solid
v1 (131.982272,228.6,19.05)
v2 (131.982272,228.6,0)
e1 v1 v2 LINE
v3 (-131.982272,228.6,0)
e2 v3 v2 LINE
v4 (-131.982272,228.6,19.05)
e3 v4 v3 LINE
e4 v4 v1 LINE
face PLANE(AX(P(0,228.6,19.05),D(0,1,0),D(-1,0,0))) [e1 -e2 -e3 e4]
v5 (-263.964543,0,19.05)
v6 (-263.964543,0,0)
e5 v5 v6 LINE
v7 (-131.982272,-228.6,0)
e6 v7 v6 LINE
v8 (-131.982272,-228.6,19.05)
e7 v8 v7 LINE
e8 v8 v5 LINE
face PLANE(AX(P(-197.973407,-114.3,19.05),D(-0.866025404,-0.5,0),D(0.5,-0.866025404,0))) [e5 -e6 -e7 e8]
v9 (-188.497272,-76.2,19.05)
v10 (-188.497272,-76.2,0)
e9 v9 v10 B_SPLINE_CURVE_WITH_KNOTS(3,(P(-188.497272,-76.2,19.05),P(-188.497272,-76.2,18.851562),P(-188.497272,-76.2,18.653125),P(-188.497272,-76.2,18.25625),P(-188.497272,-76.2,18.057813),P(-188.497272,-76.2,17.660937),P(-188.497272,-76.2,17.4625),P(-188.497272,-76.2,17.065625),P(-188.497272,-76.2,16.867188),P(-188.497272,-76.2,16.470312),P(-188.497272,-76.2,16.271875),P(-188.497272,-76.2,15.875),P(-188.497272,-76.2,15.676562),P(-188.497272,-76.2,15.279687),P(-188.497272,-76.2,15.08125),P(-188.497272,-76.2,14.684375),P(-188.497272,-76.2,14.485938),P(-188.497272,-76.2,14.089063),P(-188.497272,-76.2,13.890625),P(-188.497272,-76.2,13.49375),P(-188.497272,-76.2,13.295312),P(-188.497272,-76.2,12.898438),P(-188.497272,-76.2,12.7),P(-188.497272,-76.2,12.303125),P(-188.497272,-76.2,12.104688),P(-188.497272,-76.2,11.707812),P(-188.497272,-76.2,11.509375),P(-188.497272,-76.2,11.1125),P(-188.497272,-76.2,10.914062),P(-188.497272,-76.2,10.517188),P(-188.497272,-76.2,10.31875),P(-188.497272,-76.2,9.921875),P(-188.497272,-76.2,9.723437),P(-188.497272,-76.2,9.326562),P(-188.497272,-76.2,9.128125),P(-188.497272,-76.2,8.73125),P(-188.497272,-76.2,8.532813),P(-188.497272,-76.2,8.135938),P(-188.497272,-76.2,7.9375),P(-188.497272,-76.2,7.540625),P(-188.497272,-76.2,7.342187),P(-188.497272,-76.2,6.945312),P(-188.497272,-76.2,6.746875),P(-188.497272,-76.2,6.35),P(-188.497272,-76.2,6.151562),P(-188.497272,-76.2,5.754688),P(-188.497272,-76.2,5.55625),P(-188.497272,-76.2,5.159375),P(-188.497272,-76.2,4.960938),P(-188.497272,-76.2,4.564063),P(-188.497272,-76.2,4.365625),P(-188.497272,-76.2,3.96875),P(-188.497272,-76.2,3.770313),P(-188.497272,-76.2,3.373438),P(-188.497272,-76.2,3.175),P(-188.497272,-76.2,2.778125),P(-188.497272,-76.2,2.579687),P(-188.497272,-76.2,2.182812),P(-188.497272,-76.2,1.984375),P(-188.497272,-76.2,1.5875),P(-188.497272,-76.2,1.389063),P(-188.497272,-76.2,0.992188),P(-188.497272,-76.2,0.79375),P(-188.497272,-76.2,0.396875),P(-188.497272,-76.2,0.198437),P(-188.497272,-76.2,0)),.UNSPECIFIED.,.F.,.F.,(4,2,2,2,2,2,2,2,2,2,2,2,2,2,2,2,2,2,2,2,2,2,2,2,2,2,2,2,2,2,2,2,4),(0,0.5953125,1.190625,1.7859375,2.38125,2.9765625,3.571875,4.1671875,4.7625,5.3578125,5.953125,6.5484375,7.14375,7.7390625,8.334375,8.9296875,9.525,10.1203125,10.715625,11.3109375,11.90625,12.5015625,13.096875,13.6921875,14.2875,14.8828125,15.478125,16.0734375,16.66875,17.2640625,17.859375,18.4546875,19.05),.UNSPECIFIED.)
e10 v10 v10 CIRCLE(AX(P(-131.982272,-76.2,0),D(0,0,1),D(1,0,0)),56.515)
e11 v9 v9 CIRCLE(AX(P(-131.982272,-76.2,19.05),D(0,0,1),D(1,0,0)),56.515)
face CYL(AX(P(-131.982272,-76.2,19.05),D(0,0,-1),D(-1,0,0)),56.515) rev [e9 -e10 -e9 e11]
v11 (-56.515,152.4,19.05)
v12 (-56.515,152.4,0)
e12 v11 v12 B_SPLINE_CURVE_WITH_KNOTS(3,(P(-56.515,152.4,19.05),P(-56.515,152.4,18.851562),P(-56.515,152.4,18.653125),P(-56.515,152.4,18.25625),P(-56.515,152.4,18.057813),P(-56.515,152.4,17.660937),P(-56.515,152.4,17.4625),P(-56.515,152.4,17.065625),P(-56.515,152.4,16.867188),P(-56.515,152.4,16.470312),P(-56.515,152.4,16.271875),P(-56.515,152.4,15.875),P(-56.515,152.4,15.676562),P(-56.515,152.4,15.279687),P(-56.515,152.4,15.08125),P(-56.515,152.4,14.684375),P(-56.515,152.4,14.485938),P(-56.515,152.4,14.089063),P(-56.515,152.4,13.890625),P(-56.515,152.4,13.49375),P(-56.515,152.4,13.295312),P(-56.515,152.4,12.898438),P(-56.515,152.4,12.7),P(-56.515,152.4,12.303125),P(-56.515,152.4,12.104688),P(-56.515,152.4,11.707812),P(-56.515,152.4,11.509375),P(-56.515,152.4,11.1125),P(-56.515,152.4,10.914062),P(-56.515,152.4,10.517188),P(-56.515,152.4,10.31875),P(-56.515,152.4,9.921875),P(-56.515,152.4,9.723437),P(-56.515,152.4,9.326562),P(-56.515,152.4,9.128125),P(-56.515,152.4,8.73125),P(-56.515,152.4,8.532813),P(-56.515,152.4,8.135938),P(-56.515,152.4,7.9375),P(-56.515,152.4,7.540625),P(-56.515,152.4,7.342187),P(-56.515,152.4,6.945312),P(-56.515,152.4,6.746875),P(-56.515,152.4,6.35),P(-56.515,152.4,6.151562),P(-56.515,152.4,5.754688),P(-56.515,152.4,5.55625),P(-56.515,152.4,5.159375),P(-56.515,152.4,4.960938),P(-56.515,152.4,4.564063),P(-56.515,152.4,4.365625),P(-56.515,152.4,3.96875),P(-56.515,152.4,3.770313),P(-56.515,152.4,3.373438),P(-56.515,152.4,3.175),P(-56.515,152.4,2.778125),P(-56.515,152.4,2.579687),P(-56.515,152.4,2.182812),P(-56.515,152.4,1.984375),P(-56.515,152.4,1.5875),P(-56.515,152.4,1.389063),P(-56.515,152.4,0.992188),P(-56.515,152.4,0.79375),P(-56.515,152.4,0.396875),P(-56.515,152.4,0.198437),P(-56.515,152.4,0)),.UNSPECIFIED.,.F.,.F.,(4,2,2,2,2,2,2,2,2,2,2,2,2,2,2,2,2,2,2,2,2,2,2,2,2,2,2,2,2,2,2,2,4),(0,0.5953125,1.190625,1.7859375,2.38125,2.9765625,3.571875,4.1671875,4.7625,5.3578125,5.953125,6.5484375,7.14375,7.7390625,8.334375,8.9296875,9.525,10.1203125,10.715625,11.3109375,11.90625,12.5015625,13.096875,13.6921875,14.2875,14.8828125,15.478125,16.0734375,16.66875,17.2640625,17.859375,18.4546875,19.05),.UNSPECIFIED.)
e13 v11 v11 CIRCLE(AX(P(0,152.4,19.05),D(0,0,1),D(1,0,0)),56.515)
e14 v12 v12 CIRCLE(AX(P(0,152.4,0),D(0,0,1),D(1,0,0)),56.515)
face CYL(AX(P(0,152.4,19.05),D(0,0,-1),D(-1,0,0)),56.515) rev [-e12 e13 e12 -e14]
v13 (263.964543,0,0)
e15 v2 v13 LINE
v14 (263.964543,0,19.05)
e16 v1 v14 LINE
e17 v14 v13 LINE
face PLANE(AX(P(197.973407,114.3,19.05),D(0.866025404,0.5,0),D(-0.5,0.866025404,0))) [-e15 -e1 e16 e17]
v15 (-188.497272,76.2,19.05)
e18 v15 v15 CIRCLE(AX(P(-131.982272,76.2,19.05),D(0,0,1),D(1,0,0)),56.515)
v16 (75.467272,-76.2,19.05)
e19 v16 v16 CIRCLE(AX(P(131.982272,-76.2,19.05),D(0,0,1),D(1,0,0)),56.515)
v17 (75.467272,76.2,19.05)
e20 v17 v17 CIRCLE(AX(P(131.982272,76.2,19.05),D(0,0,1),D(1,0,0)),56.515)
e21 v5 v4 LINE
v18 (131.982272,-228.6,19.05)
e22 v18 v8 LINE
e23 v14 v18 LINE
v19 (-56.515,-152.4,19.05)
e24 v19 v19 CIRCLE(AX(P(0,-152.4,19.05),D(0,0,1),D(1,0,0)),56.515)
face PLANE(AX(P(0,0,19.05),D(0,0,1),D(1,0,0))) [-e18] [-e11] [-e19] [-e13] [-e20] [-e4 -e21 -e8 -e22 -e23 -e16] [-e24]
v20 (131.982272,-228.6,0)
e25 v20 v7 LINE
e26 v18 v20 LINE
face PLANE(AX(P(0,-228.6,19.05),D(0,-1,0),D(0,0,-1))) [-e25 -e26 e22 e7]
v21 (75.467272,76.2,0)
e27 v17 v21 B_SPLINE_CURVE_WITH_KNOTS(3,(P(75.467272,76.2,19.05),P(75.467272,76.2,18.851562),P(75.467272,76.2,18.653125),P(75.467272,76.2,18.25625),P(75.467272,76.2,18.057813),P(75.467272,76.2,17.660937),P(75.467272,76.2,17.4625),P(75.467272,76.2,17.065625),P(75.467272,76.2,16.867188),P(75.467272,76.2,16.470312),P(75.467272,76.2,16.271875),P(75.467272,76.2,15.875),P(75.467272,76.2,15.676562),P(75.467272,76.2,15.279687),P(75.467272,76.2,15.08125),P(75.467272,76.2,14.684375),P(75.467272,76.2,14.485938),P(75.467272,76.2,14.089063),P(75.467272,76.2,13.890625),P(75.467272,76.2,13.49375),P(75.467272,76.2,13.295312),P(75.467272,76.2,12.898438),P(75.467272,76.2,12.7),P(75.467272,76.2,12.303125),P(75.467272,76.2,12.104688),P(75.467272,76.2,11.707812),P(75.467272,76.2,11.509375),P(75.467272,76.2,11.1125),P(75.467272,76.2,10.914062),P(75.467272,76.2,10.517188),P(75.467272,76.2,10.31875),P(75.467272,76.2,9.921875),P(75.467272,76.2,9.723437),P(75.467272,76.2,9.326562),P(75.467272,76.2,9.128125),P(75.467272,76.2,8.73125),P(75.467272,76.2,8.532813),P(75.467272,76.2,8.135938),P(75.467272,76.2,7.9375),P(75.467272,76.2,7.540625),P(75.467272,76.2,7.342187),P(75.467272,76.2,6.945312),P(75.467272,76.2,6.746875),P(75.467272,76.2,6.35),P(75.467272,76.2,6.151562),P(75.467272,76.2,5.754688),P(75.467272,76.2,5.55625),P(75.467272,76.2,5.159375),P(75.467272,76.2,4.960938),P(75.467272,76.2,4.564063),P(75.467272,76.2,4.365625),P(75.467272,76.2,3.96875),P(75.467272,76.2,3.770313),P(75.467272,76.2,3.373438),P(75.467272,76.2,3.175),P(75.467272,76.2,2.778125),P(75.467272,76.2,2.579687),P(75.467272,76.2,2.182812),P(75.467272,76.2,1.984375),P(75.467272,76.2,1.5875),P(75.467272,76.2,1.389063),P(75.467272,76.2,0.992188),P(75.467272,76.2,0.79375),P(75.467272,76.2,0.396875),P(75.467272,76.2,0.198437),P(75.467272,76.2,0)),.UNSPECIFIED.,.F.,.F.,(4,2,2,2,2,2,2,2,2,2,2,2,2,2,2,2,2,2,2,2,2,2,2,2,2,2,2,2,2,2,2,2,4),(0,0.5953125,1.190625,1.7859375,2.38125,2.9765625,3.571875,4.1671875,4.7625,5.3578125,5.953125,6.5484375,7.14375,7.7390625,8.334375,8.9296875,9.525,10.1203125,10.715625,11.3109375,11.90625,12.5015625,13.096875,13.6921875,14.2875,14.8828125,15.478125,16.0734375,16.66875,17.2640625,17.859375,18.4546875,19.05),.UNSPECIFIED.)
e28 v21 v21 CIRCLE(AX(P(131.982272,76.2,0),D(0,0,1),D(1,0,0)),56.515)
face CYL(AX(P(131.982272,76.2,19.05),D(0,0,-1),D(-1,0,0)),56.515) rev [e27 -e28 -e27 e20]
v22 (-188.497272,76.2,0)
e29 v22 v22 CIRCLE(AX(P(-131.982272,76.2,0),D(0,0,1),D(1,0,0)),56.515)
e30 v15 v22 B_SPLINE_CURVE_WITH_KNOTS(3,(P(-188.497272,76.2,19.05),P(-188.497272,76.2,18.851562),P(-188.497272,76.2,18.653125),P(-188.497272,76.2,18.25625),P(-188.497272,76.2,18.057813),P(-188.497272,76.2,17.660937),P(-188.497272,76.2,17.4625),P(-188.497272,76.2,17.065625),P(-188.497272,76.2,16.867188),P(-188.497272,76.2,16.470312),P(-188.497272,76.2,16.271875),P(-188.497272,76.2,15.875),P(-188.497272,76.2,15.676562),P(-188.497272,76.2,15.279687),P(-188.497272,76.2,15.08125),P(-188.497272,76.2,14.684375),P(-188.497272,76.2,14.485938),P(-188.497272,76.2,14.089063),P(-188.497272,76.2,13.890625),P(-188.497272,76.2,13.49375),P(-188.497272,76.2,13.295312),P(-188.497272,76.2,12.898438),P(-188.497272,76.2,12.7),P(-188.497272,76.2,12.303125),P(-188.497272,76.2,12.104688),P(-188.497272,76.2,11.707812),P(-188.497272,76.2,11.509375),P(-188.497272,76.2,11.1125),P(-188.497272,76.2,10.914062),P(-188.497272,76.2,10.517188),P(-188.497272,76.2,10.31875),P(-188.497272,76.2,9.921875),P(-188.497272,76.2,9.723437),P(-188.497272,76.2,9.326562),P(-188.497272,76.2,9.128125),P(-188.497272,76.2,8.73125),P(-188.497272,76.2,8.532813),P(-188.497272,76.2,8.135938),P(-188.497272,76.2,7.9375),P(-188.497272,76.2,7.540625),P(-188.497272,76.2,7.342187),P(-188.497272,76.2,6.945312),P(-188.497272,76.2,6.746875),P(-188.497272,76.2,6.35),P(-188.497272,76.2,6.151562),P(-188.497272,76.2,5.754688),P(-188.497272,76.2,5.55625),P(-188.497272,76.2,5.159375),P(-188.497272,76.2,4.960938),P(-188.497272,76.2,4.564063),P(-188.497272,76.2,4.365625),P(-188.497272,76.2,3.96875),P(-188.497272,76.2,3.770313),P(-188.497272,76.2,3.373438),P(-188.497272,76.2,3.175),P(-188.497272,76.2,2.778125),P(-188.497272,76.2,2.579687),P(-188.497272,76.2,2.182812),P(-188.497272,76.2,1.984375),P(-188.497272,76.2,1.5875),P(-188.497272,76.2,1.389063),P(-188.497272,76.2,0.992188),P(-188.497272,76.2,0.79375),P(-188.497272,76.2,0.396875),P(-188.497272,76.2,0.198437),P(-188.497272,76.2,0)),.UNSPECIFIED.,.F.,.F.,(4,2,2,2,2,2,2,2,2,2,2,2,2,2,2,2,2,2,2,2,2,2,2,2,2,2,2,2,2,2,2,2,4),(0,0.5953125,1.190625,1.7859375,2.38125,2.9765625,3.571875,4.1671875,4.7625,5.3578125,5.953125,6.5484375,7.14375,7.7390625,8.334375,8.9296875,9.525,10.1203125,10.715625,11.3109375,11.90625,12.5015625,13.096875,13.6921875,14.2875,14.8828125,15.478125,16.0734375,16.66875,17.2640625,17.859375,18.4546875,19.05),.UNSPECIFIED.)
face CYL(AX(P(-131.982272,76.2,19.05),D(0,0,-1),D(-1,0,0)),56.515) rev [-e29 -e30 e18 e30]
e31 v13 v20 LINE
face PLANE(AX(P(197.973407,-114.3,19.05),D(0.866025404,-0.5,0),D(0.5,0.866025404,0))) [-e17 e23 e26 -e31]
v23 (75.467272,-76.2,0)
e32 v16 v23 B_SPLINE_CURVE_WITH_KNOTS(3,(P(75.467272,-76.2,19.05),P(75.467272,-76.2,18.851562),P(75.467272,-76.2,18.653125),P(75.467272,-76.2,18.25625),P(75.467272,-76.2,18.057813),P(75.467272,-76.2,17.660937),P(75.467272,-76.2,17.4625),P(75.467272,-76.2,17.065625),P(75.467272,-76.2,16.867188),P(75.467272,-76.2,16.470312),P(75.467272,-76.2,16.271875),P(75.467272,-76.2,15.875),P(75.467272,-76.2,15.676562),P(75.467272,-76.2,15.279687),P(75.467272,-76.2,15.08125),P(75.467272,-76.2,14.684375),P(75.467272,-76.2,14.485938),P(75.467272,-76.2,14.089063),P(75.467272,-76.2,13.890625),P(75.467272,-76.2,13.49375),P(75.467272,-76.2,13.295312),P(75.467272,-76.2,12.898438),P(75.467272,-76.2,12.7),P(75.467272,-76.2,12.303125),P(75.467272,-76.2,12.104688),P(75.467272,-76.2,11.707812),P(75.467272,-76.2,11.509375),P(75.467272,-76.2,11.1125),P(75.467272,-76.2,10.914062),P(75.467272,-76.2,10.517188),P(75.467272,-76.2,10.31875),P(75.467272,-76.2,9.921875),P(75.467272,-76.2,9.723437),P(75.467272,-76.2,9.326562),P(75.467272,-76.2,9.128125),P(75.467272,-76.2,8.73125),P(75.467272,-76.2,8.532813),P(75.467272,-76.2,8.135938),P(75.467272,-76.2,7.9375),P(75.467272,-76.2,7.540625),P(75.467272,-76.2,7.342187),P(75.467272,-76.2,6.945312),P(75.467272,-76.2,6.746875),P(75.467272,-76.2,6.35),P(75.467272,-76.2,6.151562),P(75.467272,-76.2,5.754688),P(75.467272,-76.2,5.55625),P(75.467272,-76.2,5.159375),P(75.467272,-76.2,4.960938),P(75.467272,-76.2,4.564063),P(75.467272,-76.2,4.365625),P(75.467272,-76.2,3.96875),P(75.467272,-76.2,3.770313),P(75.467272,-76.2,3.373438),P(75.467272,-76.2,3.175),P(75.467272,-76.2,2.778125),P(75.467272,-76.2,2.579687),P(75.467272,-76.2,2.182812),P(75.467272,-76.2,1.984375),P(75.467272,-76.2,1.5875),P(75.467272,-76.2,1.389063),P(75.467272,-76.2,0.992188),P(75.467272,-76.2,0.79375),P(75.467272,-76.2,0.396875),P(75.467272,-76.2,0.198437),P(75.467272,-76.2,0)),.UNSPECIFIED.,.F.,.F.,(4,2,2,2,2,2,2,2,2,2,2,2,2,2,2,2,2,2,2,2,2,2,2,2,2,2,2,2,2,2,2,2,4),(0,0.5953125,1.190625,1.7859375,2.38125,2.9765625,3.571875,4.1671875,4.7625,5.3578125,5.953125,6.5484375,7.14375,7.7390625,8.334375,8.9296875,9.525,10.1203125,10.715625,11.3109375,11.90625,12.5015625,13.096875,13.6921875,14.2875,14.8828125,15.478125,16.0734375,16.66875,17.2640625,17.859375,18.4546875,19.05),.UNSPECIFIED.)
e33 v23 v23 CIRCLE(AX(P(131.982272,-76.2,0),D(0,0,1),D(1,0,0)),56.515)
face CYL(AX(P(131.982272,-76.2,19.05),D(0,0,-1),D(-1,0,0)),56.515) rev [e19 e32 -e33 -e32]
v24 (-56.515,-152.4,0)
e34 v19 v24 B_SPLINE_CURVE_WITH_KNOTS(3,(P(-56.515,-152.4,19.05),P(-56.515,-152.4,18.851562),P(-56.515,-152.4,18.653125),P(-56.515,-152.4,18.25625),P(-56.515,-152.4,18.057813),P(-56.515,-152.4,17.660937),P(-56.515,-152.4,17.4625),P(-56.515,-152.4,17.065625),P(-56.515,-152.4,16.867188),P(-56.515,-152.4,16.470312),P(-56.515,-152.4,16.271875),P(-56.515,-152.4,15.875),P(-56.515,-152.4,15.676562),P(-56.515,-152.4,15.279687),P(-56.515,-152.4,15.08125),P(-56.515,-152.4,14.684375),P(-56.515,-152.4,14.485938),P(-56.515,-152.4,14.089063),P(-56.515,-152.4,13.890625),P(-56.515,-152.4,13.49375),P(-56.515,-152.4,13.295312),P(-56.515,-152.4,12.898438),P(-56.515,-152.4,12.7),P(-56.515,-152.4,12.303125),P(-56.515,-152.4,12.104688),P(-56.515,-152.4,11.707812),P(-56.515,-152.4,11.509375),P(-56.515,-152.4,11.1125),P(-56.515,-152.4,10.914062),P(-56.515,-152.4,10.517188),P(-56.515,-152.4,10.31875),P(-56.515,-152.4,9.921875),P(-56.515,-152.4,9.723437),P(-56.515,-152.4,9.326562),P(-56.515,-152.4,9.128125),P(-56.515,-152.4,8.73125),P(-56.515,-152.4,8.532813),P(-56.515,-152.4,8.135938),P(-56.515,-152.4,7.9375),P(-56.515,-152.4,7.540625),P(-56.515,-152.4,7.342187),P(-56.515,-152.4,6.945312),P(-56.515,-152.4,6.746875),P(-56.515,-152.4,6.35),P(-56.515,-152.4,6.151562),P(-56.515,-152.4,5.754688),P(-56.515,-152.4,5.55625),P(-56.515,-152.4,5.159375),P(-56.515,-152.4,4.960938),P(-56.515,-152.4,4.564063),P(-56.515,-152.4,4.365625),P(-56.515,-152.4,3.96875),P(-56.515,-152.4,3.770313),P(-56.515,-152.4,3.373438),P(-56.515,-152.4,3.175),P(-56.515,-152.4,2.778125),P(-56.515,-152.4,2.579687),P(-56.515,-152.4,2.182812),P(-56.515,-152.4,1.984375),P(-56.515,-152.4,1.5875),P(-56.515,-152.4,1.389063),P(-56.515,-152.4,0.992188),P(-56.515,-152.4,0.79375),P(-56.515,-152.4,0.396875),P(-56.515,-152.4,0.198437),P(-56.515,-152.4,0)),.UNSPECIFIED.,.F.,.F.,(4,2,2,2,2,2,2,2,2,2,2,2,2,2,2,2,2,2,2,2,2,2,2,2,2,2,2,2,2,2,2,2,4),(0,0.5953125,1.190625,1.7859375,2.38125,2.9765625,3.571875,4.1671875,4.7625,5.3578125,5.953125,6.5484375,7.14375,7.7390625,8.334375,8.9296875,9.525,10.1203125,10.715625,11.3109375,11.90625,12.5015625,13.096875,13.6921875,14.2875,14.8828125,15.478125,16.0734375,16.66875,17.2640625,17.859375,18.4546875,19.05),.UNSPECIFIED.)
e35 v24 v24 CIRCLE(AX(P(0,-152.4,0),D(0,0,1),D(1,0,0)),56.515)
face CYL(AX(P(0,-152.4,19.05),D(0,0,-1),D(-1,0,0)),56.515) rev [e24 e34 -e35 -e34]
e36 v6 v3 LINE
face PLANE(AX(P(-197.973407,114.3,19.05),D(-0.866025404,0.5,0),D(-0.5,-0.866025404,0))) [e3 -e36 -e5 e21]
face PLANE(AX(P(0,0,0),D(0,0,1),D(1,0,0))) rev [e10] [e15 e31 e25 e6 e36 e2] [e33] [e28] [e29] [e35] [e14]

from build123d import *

# Parameters (mm, degrees)
SKETCH1_R           = 56.515
BOSS_EXTRUDE1_DEPTH = 19.05


with BuildPart() as part:
    # Sketch1 → Boss-Extrude1 (new body)
    # profile 1 of 6: a face of its own
    with BuildSketch(Plane.XY):
        Polygon((-263.964543073, 0), (-131.982271537, 228.6), (0, 0), align=None)
        with Locations(Location((-131.982271537, 76.2, 0), (0, 0, 180))):
            Circle(SKETCH1_R, mode=Mode.SUBTRACT)
    # profile 2 of 6: a face of its own
    with BuildSketch(Plane.XY):
        Polygon((131.982271537, 228.6), (0, 0), (-131.982271537, 228.6), align=None)
        with Locations(Location((0, 152.4, 0), (0, 0, 180))):
            Circle(SKETCH1_R, mode=Mode.SUBTRACT)
    # profile 3 of 6: a face of its own
    with BuildSketch(Plane.XY):
        Polygon((263.964543073, 0), (0, 0), (131.982271537, 228.6), align=None)
        with Locations(Location((131.982271537, 76.2, 0), (0, 0, 180))):
            Circle(SKETCH1_R, mode=Mode.SUBTRACT)
    # profile 4 of 6: a face of its own
    with BuildSketch(Plane.XY):
        Polygon((131.982271537, -228.6), (0, 0), (263.964543073, 0), align=None)
        with Locations(Location((131.982271537, -76.2, 0), (0, 0, 180))):
            Circle(SKETCH1_R, mode=Mode.SUBTRACT)
    # profile 5 of 6: a face of its own
    with BuildSketch(Plane.XY):
        Polygon((-131.982271537, -228.6), (0, 0), (131.982271537, -228.6), align=None)
        with Locations(Location((0, -152.4, 0), (0, 0, 180))):
            Circle(SKETCH1_R, mode=Mode.SUBTRACT)
    # profile 6 of 6: a face of its own
    with BuildSketch(Plane.XY):
        Polygon((-263.964543073, 0), (0, 0), (-131.982271537, -228.6), align=None)
        with Locations(Location((-131.982271537, -76.2, 0), (0, 0, 180))):
            Circle(SKETCH1_R, mode=Mode.SUBTRACT)
    extrude(amount=BOSS_EXTRUDE1_DEPTH)


solid = part.part
